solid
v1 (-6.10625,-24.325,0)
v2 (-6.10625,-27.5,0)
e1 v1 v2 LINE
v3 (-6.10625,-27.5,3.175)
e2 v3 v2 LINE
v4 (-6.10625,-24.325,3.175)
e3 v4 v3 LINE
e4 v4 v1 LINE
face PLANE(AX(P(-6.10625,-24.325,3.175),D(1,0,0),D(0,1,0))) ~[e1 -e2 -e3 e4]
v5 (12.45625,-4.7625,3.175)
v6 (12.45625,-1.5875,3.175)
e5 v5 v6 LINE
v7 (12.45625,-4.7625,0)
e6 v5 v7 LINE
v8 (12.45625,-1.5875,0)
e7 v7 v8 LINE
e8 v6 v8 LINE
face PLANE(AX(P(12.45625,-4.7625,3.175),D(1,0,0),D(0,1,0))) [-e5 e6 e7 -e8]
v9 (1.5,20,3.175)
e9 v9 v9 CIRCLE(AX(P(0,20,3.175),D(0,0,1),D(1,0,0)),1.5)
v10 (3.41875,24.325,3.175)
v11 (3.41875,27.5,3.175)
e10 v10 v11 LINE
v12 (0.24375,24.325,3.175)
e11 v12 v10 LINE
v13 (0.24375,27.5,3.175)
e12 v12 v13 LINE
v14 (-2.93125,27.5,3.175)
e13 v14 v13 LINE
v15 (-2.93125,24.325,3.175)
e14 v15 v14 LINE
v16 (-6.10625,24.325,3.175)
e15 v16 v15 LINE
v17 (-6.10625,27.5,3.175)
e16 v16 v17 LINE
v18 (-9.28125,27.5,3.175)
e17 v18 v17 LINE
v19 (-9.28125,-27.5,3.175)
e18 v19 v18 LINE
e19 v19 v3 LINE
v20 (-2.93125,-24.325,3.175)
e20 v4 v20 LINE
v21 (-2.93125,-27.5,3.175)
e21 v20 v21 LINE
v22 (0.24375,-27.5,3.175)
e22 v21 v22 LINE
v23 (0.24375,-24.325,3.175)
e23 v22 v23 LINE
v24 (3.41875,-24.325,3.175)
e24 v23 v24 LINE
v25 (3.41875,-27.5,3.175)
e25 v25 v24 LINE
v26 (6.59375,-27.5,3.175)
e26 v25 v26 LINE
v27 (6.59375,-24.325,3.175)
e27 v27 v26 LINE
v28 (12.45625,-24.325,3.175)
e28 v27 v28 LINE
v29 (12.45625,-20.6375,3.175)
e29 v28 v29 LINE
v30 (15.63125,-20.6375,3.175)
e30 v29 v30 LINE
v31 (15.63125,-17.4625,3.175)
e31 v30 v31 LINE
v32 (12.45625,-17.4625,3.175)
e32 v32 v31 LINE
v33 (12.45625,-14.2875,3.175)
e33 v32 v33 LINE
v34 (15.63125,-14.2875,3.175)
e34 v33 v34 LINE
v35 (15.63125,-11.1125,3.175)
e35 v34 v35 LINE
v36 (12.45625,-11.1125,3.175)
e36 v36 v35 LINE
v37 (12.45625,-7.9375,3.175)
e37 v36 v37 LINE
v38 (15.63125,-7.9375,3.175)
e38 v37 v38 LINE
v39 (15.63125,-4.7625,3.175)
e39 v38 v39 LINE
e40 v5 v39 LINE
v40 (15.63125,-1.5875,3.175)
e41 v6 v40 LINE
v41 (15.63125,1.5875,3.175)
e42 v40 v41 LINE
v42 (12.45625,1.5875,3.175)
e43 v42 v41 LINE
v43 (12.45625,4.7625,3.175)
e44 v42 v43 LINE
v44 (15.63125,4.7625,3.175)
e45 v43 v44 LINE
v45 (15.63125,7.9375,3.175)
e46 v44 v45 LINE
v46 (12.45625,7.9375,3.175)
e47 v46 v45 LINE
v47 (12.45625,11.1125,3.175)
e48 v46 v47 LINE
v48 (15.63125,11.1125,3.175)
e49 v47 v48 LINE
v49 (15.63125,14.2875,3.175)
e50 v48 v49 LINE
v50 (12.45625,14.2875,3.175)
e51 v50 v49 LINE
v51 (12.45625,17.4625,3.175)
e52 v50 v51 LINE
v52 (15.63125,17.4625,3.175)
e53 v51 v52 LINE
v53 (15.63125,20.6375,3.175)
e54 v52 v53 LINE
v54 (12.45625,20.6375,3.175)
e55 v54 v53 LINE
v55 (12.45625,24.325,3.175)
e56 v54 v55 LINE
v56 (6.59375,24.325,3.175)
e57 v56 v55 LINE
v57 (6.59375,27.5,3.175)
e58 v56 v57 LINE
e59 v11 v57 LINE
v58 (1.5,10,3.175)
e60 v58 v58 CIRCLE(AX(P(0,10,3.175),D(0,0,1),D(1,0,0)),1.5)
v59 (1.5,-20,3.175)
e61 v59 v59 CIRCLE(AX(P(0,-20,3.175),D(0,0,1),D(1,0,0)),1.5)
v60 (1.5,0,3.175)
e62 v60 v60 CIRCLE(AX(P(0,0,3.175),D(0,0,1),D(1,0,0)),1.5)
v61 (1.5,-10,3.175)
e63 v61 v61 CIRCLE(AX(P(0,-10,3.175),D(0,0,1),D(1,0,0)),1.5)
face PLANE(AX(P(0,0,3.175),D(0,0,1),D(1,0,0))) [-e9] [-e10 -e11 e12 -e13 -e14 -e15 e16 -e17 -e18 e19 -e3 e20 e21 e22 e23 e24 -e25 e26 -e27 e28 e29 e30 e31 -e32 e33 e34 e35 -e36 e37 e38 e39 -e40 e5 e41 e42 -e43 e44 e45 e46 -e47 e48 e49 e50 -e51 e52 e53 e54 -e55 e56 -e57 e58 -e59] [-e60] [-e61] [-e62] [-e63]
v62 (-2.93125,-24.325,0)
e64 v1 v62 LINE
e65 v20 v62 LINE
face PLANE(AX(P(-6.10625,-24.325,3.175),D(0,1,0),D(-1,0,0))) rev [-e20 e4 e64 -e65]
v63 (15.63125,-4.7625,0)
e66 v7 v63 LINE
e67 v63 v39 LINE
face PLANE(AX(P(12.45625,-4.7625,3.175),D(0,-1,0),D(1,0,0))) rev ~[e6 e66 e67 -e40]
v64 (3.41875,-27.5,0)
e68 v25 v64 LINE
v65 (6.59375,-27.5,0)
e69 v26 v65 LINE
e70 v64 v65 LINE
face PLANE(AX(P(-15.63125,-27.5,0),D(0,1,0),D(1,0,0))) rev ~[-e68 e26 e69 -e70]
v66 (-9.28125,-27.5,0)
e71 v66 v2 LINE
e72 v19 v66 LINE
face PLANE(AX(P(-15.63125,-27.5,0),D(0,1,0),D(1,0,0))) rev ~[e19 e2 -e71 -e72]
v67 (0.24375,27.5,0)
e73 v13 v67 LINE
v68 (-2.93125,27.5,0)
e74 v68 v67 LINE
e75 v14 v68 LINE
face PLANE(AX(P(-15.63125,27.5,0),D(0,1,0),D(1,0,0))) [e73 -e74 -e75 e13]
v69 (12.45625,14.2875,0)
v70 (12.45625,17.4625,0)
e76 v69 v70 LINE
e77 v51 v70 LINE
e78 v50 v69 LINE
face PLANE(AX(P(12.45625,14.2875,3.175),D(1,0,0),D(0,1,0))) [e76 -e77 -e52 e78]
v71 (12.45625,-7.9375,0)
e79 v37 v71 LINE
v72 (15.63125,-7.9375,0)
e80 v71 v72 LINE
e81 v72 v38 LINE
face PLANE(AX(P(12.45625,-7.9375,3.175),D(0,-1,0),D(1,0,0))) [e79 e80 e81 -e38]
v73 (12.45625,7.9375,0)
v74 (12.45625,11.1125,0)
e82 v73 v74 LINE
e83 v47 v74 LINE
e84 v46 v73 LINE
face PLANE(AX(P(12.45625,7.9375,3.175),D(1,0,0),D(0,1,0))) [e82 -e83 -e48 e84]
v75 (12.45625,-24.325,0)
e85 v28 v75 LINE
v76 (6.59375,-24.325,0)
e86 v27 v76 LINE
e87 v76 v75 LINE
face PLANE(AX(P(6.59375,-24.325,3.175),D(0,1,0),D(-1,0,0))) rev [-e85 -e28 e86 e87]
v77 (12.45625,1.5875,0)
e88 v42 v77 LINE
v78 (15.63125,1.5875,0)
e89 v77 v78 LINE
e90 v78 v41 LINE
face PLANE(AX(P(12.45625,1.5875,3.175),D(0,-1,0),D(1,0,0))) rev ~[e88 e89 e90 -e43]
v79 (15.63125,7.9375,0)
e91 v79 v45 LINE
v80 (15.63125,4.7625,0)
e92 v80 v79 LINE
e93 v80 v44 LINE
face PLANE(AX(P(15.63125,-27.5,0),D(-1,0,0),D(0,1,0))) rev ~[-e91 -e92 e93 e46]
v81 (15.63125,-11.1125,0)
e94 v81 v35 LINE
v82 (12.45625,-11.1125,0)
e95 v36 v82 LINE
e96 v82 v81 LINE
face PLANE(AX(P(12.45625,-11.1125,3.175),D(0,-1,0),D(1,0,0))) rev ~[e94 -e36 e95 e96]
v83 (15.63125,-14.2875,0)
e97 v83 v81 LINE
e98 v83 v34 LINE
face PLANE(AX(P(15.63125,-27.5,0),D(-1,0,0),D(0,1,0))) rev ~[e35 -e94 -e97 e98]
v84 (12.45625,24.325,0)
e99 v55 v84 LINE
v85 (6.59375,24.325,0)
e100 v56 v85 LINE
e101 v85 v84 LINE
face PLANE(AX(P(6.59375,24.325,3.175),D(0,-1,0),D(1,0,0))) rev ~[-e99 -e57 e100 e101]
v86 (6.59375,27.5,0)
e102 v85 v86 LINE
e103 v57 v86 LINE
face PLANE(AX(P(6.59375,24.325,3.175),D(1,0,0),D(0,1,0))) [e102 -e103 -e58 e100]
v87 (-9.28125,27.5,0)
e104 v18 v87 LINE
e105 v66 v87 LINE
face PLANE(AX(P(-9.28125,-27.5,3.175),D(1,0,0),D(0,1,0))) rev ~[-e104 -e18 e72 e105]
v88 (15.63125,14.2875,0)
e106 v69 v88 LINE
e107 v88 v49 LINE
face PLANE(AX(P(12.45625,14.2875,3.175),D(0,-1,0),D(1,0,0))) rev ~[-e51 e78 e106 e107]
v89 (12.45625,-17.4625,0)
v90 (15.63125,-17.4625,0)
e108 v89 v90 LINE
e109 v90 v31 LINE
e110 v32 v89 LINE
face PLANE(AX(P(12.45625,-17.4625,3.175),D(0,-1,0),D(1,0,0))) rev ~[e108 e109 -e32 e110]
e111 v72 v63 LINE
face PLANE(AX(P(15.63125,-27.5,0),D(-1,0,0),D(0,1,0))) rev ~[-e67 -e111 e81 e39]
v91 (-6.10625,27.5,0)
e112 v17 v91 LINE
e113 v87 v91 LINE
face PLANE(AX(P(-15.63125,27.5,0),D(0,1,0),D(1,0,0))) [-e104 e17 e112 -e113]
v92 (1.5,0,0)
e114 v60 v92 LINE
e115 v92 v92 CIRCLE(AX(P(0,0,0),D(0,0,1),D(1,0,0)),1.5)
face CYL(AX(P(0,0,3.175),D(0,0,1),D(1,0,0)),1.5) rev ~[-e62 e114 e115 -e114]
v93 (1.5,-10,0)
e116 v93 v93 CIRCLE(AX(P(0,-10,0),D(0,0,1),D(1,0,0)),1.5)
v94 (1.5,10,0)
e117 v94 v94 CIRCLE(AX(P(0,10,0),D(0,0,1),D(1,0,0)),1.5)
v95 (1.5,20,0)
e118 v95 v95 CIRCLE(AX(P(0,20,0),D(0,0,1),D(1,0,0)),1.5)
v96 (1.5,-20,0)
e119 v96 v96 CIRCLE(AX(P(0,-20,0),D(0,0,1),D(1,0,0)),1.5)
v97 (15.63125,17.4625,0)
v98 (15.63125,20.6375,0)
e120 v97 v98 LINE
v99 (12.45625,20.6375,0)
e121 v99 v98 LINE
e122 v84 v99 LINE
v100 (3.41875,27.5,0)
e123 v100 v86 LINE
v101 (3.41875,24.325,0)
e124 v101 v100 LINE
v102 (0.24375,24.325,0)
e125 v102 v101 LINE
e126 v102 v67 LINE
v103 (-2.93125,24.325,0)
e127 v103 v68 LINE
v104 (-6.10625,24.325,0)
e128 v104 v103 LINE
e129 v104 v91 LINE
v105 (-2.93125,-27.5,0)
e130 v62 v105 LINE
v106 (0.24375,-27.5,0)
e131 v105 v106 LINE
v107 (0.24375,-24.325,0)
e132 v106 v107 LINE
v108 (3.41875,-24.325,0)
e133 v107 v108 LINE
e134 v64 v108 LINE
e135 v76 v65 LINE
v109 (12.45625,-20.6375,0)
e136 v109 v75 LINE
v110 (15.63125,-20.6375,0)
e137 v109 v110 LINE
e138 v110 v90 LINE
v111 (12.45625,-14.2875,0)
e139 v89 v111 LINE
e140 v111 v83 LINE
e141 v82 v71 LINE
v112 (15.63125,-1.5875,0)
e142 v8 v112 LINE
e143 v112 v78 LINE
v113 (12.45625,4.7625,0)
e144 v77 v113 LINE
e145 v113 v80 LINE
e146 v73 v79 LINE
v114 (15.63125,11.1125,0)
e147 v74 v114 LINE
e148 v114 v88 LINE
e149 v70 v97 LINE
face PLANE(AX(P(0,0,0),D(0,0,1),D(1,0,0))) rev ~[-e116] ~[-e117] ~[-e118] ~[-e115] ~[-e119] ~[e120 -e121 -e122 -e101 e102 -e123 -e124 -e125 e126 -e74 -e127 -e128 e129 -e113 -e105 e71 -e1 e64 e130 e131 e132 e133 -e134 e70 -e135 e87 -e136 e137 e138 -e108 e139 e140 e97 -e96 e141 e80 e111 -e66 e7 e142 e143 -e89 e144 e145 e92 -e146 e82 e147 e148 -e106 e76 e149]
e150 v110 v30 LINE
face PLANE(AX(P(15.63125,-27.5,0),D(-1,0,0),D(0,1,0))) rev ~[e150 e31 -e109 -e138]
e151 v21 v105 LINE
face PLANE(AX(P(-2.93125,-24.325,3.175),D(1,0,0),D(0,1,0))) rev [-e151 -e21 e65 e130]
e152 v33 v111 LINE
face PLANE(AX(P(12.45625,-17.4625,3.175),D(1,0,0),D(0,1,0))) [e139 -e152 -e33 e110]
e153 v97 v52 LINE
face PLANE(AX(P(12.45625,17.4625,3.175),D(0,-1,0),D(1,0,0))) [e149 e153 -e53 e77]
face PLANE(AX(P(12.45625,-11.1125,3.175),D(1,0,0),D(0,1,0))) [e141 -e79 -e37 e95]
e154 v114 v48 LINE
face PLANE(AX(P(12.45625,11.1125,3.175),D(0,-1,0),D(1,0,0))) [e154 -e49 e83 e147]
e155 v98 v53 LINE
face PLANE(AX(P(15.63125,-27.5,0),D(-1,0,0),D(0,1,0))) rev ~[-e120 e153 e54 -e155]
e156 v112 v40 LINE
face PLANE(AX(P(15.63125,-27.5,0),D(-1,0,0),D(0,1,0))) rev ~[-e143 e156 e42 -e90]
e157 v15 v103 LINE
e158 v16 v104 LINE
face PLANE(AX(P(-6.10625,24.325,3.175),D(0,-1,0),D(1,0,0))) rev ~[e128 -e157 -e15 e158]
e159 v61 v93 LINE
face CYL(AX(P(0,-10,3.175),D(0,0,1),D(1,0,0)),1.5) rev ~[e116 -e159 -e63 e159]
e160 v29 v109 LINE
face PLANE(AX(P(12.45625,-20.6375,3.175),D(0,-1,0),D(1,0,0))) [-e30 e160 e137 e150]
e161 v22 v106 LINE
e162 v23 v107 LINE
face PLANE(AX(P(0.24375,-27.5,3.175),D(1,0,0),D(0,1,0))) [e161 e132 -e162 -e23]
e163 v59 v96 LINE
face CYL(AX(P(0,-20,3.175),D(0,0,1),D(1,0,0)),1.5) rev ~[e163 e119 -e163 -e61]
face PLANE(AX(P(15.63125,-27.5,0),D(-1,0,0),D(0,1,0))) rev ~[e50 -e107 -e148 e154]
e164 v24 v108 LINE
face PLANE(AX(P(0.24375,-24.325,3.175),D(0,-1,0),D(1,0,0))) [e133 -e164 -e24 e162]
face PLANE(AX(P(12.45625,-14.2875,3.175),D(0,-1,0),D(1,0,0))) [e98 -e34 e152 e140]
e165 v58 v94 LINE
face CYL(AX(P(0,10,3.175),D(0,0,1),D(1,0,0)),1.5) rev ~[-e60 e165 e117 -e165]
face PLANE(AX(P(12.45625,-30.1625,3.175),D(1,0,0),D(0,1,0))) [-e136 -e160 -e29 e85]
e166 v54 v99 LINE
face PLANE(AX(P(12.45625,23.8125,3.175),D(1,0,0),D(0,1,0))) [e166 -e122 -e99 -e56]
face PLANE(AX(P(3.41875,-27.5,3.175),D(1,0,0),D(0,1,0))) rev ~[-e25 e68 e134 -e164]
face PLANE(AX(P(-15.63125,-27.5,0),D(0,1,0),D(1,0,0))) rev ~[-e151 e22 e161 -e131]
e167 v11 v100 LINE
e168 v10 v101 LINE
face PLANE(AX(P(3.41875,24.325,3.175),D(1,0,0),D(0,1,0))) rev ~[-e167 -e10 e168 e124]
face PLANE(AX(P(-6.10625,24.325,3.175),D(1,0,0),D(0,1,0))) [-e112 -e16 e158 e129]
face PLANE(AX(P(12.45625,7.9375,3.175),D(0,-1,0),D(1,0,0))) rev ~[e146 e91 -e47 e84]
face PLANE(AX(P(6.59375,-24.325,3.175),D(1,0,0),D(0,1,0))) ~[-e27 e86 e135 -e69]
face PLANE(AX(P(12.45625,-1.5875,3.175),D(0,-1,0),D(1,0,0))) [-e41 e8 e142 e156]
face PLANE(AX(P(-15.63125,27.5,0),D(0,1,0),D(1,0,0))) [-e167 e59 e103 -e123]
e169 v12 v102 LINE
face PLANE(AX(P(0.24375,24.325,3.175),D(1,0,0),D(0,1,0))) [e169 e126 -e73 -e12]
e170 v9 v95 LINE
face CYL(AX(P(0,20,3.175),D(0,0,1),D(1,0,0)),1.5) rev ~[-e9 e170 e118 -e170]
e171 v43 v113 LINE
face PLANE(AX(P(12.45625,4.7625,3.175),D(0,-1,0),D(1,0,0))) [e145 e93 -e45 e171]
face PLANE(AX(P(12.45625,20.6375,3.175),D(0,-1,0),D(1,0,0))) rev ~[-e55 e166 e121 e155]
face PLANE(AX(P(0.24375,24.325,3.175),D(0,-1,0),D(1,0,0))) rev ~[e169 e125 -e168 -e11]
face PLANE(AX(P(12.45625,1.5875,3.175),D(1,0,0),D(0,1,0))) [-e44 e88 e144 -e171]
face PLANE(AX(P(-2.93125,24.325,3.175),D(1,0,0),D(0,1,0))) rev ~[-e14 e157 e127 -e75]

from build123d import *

# Parameters (mm, degrees)
SKETCH1_W               = 31.2625
SKETCH1_H               = 55
BOSS_EXTRUDE1_DEPTH     = 3.175
SKETCH2_R               = 1.5
CUT_EXTRUDE1_DEPTH      = 10
LPATTERN1_COUNT         = 3
LPATTERN1_PITCH         = 10
LPATTERN1_COL_COUNT     = 3
LPATTERN1_COL_PITCH     = 10
SKETCH3_W               = 6.35
SKETCH3_H               = 3.175
CUT_EXTRUDE2_DEPTH      = 10
LPATTERN2_COUNT         = 5
LPATTERN2_PITCH         = 6.35
LPATTERN2_COL_COUNT     = 5
LPATTERN2_COL_PITCH     = 6.35
SKETCH4_W               = 3.175
SKETCH4_H               = 3.6875
SKETCH4_H_2             = 3.175
CUT_EXTRUDE3_DEPTH      = 10
SKETCH5_W               = 6.35
SKETCH5_H               = 55
CUT_EXTRUDE4_DEPTH      = 10
SKETCH6_W               = 3.175
SKETCH6_H               = 3.175
CUT_EXTRUDE5_DEPTH      = 10
LPATTERN3_COUNT         = 2
LPATTERN3_PITCH         = 6.35
LPATTERN3_COUNT_DIR2    = 2
LPATTERN3_PITCH_DIR2    = 6.35
SKETCH7_W               = 5.8625
SKETCH7_H               = 3.175
CUT_EXTRUDE6_DEPTH      = 10
MIRROR1_COPY_1_SKETCH_W = 3.175
MIRROR1_COPY_1_SKETCH_H = 3.175
MIRROR1_COPY_1_DEPTH    = 10
MIRROR1_COPY_2_SKETCH_W = 3.175
MIRROR1_COPY_2_SKETCH_H = 3.175
MIRROR1_COPY_2_DEPTH    = 10
MIRROR1_COPY_3_SKETCH_W = 3.175
MIRROR1_COPY_3_SKETCH_H = 3.175
MIRROR1_COPY_3_DEPTH    = 10


with BuildPart() as part:
    # Sketch1 → Boss-Extrude1 (new body)
    with BuildSketch(Plane.XY):
        Rectangle(SKETCH1_W, SKETCH1_H)
    extrude(amount=BOSS_EXTRUDE1_DEPTH)

    # Sketch2 → Cut-Extrude1 (cut)
    with BuildSketch(Plane.XY.offset(3.175)):
        Circle(SKETCH2_R)
    cut_extrude1 = extrude(amount=-CUT_EXTRUDE1_DEPTH, mode=Mode.SUBTRACT)

    # LPattern1: Cut-Extrude1 ×3
    with Locations(*[(0, i * LPATTERN1_PITCH, 0) for i in range(1, LPATTERN1_COUNT)]):
        add(cut_extrude1, mode=Mode.SUBTRACT)

    # LPattern1 col: Cut-Extrude1 ×3
    with Locations(*[(0, -i * LPATTERN1_COL_PITCH, 0) for i in range(1, LPATTERN1_COL_COUNT)]):
        add(cut_extrude1, mode=Mode.SUBTRACT)

    # Sketch3 → Cut-Extrude2 (cut)
    with BuildSketch(Plane.XY.offset(3.175)):
        with Locations((15.63125, -3.175)):
            Rectangle(SKETCH3_W, SKETCH3_H)
    cut_extrude2 = extrude(amount=-CUT_EXTRUDE2_DEPTH, mode=Mode.SUBTRACT)

    # LPattern2: Cut-Extrude2 ×5
    with Locations(*[(0, i * LPATTERN2_PITCH, 0) for i in range(1, LPATTERN2_COUNT)]):
        add(cut_extrude2, mode=Mode.SUBTRACT)

    # LPattern2 col: Cut-Extrude2 ×5
    with Locations(*[(0, -i * LPATTERN2_COL_PITCH, 0) for i in range(1, LPATTERN2_COL_COUNT)]):
        add(cut_extrude2, mode=Mode.SUBTRACT)

    # Sketch4 → Cut-Extrude3 (cut)
    with BuildSketch(Plane.XY.offset(3.175)):
        with Locations((14.04375, 25.65625)):
            Rectangle(SKETCH4_W, SKETCH4_H)
        with Locations((14.04375, -25.4)):
            Rectangle(SKETCH4_W, SKETCH4_H_2)
    extrude(amount=-CUT_EXTRUDE3_DEPTH, mode=Mode.SUBTRACT)

    # Sketch5 → Cut-Extrude4 (cut)
    with BuildSketch(Plane.XY.offset(3.175)):
        with Locations((-12.45625, 0)):
            Rectangle(SKETCH5_W, SKETCH5_H)
    extrude(amount=-CUT_EXTRUDE4_DEPTH, mode=Mode.SUBTRACT)

    # Sketch6 → Cut-Extrude5 (cut)
    with BuildSketch(Plane.XY.offset(3.175)):
        with Locations((-4.51875, 25.9125)):
            Rectangle(SKETCH6_W, SKETCH6_H)
    cut_extrude5 = extrude(amount=-CUT_EXTRUDE5_DEPTH, mode=Mode.SUBTRACT)

    # LPattern3: Cut-Extrude5 2 × 2
    with Locations(*[(i * LPATTERN3_PITCH, j * LPATTERN3_PITCH_DIR2, 0) for i in range(LPATTERN3_COUNT) for j in range(LPATTERN3_COUNT_DIR2) if (i, j) != (0, 0)]):
        add(cut_extrude5, mode=Mode.SUBTRACT)

    # Sketch7 → Cut-Extrude6 (cut)
    with BuildSketch(Plane.XY.offset(3.175)):
        with Locations((9.525, 25.9125)):
            Rectangle(SKETCH7_W, SKETCH7_H)
    cut_extrude6 = extrude(amount=-CUT_EXTRUDE6_DEPTH, mode=Mode.SUBTRACT)

    # Mirror1: Cut-Extrude5, Cut-Extrude6 across plane
    add(cut_extrude5.mirror(Plane.ZX), mode=Mode.SUBTRACT)
    add(cut_extrude6.mirror(Plane.ZX), mode=Mode.SUBTRACT)

    # Mirror1 copy 1 sketch → Mirror1 copy 1 (cut)
    with BuildSketch(Plane(origin=(0, -6.35, 3.175), x_dir=(1, 0, 0), z_dir=(0, 0, 1))):
        with Locations((-4.51875, -25.9125)):
            Rectangle(MIRROR1_COPY_1_SKETCH_W, MIRROR1_COPY_1_SKETCH_H)
    extrude(amount=-MIRROR1_COPY_1_DEPTH, mode=Mode.SUBTRACT)

    # Mirror1 copy 2 sketch → Mirror1 copy 2 (cut)
    with BuildSketch(Plane(origin=(6.35, 0, 3.175), x_dir=(1, 0, 0), z_dir=(0, 0, 1))):
        with Locations((-4.51875, -25.9125)):
            Rectangle(MIRROR1_COPY_2_SKETCH_W, MIRROR1_COPY_2_SKETCH_H)
    extrude(amount=-MIRROR1_COPY_2_DEPTH, mode=Mode.SUBTRACT)

    # Mirror1 copy 3 sketch → Mirror1 copy 3 (cut)
    with BuildSketch(Plane(origin=(6.35, -6.35, 3.175), x_dir=(1, 0, 0), z_dir=(0, 0, 1))):
        with Locations((-4.51875, -25.9125)):
            Rectangle(MIRROR1_COPY_3_SKETCH_W, MIRROR1_COPY_3_SKETCH_H)
    extrude(amount=-MIRROR1_COPY_3_DEPTH, mode=Mode.SUBTRACT)


solid = part.part
